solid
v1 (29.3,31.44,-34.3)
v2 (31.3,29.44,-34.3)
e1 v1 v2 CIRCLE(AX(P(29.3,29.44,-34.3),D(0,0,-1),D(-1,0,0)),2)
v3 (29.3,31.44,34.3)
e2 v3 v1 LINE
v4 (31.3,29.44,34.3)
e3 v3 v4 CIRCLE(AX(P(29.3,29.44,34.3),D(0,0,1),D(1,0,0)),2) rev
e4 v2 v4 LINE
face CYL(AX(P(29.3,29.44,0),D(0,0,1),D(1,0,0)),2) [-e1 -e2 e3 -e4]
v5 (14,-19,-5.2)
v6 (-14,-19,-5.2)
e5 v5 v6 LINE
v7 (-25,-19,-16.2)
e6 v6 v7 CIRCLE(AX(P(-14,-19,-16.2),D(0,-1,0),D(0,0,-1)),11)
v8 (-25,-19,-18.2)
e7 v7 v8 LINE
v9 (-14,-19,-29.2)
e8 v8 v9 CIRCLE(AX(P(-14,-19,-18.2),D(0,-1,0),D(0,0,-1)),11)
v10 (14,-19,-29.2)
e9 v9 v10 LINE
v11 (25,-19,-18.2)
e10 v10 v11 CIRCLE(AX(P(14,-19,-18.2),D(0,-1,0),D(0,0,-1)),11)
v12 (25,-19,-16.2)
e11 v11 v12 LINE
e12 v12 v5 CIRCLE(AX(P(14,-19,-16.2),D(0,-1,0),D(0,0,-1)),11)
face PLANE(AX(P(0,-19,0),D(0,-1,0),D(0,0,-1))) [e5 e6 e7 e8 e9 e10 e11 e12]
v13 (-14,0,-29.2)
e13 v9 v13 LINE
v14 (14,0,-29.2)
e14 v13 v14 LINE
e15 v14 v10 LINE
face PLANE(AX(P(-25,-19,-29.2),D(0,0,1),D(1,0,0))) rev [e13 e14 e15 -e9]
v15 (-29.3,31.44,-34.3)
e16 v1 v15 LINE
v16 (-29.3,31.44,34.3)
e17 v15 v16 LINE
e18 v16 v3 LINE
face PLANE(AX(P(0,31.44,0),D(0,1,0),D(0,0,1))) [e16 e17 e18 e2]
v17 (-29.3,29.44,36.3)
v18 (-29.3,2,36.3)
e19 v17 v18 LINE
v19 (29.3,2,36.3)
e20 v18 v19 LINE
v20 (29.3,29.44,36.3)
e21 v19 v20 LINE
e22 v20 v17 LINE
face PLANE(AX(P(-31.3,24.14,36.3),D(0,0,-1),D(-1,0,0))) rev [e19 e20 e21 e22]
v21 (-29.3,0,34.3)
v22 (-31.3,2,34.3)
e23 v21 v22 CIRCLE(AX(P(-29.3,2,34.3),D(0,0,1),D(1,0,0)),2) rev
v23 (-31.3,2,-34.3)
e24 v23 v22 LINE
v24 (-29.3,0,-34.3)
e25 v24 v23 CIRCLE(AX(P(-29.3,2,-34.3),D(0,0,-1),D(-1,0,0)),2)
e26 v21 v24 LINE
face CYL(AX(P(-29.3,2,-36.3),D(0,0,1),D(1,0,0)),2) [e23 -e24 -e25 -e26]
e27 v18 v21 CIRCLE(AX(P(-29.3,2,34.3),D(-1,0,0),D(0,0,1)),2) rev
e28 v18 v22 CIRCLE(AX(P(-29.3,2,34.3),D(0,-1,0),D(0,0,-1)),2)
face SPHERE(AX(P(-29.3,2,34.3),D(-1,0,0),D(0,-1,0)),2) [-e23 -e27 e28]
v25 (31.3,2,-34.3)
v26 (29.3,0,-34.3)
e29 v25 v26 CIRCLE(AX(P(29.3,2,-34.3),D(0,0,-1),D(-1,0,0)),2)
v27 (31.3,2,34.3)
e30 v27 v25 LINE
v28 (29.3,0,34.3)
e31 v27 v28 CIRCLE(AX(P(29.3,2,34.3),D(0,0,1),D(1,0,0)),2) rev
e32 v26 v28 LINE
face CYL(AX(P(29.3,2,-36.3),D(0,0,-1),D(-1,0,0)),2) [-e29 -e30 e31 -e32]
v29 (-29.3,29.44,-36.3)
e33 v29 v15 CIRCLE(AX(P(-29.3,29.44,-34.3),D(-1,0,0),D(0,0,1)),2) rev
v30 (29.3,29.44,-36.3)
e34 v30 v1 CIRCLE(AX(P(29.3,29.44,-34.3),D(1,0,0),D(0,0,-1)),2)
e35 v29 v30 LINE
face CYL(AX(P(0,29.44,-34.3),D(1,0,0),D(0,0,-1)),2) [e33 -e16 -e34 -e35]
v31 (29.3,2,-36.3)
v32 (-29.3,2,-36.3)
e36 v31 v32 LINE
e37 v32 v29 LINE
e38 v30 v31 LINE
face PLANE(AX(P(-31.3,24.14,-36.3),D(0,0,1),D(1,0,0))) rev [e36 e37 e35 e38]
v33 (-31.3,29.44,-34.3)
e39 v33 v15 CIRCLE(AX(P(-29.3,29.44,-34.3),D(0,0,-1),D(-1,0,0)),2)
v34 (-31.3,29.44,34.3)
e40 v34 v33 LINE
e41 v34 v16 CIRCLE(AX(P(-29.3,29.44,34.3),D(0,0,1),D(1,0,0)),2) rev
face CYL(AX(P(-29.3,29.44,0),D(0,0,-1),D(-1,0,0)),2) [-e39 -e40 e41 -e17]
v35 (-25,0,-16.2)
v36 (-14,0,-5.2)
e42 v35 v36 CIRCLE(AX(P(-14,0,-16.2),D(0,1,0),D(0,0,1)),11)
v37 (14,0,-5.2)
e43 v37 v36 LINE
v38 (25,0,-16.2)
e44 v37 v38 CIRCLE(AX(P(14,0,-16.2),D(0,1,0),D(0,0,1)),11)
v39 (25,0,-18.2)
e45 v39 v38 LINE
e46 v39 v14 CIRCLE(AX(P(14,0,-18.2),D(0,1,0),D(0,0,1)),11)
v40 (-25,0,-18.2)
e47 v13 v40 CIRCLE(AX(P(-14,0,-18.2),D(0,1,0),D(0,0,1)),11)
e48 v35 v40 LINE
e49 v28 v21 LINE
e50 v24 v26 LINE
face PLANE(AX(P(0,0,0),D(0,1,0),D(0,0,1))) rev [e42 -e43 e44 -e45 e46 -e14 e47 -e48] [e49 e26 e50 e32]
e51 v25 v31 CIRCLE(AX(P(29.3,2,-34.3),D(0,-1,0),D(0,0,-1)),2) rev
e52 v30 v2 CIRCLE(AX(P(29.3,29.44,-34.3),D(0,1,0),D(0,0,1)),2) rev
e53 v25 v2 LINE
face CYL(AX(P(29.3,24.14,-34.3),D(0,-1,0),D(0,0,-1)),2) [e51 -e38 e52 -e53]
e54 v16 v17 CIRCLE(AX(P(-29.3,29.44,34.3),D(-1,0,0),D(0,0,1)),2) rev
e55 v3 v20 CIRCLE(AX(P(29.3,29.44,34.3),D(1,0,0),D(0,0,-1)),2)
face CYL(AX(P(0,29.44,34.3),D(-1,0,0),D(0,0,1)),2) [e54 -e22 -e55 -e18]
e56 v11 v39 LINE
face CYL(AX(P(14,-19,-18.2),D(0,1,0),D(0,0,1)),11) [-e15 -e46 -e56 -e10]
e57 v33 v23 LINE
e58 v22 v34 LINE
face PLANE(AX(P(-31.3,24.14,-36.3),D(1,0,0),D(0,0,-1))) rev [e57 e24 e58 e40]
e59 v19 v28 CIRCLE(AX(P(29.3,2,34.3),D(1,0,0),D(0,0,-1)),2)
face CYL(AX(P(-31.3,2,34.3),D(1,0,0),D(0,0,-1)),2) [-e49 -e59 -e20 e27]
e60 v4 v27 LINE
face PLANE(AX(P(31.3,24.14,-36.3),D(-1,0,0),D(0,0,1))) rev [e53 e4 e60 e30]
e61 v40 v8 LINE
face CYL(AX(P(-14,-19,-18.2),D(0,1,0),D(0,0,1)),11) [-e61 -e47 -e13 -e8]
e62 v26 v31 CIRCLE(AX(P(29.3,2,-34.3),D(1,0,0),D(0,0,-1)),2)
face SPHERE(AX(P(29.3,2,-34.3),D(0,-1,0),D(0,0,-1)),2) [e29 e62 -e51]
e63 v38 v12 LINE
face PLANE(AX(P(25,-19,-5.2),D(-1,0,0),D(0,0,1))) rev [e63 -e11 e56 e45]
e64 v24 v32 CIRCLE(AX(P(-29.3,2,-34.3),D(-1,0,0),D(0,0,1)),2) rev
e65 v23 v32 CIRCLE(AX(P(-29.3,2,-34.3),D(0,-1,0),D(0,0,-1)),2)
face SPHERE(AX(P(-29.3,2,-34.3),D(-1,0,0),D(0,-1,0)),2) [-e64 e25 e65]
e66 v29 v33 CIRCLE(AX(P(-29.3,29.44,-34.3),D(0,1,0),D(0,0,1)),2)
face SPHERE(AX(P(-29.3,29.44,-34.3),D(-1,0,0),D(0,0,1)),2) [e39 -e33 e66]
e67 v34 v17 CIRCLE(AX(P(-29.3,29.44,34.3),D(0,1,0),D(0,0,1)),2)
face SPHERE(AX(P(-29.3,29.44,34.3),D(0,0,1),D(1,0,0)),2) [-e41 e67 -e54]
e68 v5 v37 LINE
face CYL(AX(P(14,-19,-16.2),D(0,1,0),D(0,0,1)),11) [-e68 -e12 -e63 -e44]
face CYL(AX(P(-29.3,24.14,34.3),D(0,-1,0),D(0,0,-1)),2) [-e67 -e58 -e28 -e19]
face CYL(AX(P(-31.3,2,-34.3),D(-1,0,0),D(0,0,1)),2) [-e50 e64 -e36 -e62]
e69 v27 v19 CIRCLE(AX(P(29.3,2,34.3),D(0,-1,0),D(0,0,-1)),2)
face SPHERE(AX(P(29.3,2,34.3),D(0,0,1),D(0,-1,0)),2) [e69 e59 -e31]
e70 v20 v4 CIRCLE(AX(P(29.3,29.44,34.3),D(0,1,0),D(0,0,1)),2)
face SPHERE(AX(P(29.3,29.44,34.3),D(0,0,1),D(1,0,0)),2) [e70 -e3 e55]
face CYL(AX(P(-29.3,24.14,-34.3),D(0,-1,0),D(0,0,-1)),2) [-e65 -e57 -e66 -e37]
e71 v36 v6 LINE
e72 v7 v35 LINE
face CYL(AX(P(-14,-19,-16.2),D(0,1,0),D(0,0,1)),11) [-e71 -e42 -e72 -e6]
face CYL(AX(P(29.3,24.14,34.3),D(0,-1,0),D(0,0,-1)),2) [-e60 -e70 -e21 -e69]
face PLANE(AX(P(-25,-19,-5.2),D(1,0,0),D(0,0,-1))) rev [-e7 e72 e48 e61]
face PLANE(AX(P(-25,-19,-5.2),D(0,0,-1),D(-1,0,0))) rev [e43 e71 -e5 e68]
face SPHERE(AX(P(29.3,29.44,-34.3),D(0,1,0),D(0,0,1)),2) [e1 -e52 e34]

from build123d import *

# Parameters (mm, degrees)
SKETCH1_W           = 62.6
SKETCH1_H           = 72.6
BOSS_EXTRUDE1_DEPTH = 24.14
SKETCH2_W           = 50
SKETCH2_H           = 24
BOSS_EXTRUDE2_DEPTH = 19
SKETCH3_W           = 62.6
SKETCH3_H           = 72.6
BOSS_EXTRUDE3_DEPTH = 7.3
FILLET1_R           = 2
FILLET2_R           = 11


with BuildPart() as part:
    # Sketch1 → Boss-Extrude1 (new body)
    with BuildSketch(Plane(origin=(0, 0, 0), x_dir=(1, 0, 0), z_dir=(0, 1, 0))):
        Rectangle(SKETCH1_W, SKETCH1_H)
    extrude(amount=BOSS_EXTRUDE1_DEPTH)

    # Sketch2 → Boss-Extrude2 (add)
    with BuildSketch(Plane.XZ):
        with Locations((0, -17.2)):
            Rectangle(SKETCH2_W, SKETCH2_H)
    extrude(amount=BOSS_EXTRUDE2_DEPTH)

    # Sketch3 → Boss-Extrude3 (add)
    with BuildSketch(Plane(origin=(0, 24.14, 0), x_dir=(1, 0, 0), z_dir=(0, 1, 0))):
        Rectangle(SKETCH3_W, SKETCH3_H)
    extrude(amount=BOSS_EXTRUDE3_DEPTH)

    # Fillet1
    fillet1_edges = [part.edges().sort_by_distance(p)[0] for p in [
        (0, 31.44, 36.3),
        (31.3, 31.44, 0),
        (0, 31.44, -36.3),
        (-31.3, 31.44, 0),
        (0, 0, 36.3),
        (-31.3, 0, 0),
        (0, 0, -36.3),
        (31.3, 0, 0),
        (31.3, 15.72, 36.3),
        (-31.3, 15.72, 36.3),
        (-31.3, 15.72, -36.3),
        (31.3, 15.72, -36.3),
    ]]
    fillet(fillet1_edges, radius=FILLET1_R)

    # Fillet2
    fillet2_edges = [part.edges().sort_by_distance(p)[0] for p in [
        (-25, -9.5, -5.2),
        (-25, -9.5, -29.2),
        (25, -9.5, -29.2),
        (25, -9.5, -5.2),
    ]]
    fillet(fillet2_edges, radius=FILLET2_R)


solid = part.part
